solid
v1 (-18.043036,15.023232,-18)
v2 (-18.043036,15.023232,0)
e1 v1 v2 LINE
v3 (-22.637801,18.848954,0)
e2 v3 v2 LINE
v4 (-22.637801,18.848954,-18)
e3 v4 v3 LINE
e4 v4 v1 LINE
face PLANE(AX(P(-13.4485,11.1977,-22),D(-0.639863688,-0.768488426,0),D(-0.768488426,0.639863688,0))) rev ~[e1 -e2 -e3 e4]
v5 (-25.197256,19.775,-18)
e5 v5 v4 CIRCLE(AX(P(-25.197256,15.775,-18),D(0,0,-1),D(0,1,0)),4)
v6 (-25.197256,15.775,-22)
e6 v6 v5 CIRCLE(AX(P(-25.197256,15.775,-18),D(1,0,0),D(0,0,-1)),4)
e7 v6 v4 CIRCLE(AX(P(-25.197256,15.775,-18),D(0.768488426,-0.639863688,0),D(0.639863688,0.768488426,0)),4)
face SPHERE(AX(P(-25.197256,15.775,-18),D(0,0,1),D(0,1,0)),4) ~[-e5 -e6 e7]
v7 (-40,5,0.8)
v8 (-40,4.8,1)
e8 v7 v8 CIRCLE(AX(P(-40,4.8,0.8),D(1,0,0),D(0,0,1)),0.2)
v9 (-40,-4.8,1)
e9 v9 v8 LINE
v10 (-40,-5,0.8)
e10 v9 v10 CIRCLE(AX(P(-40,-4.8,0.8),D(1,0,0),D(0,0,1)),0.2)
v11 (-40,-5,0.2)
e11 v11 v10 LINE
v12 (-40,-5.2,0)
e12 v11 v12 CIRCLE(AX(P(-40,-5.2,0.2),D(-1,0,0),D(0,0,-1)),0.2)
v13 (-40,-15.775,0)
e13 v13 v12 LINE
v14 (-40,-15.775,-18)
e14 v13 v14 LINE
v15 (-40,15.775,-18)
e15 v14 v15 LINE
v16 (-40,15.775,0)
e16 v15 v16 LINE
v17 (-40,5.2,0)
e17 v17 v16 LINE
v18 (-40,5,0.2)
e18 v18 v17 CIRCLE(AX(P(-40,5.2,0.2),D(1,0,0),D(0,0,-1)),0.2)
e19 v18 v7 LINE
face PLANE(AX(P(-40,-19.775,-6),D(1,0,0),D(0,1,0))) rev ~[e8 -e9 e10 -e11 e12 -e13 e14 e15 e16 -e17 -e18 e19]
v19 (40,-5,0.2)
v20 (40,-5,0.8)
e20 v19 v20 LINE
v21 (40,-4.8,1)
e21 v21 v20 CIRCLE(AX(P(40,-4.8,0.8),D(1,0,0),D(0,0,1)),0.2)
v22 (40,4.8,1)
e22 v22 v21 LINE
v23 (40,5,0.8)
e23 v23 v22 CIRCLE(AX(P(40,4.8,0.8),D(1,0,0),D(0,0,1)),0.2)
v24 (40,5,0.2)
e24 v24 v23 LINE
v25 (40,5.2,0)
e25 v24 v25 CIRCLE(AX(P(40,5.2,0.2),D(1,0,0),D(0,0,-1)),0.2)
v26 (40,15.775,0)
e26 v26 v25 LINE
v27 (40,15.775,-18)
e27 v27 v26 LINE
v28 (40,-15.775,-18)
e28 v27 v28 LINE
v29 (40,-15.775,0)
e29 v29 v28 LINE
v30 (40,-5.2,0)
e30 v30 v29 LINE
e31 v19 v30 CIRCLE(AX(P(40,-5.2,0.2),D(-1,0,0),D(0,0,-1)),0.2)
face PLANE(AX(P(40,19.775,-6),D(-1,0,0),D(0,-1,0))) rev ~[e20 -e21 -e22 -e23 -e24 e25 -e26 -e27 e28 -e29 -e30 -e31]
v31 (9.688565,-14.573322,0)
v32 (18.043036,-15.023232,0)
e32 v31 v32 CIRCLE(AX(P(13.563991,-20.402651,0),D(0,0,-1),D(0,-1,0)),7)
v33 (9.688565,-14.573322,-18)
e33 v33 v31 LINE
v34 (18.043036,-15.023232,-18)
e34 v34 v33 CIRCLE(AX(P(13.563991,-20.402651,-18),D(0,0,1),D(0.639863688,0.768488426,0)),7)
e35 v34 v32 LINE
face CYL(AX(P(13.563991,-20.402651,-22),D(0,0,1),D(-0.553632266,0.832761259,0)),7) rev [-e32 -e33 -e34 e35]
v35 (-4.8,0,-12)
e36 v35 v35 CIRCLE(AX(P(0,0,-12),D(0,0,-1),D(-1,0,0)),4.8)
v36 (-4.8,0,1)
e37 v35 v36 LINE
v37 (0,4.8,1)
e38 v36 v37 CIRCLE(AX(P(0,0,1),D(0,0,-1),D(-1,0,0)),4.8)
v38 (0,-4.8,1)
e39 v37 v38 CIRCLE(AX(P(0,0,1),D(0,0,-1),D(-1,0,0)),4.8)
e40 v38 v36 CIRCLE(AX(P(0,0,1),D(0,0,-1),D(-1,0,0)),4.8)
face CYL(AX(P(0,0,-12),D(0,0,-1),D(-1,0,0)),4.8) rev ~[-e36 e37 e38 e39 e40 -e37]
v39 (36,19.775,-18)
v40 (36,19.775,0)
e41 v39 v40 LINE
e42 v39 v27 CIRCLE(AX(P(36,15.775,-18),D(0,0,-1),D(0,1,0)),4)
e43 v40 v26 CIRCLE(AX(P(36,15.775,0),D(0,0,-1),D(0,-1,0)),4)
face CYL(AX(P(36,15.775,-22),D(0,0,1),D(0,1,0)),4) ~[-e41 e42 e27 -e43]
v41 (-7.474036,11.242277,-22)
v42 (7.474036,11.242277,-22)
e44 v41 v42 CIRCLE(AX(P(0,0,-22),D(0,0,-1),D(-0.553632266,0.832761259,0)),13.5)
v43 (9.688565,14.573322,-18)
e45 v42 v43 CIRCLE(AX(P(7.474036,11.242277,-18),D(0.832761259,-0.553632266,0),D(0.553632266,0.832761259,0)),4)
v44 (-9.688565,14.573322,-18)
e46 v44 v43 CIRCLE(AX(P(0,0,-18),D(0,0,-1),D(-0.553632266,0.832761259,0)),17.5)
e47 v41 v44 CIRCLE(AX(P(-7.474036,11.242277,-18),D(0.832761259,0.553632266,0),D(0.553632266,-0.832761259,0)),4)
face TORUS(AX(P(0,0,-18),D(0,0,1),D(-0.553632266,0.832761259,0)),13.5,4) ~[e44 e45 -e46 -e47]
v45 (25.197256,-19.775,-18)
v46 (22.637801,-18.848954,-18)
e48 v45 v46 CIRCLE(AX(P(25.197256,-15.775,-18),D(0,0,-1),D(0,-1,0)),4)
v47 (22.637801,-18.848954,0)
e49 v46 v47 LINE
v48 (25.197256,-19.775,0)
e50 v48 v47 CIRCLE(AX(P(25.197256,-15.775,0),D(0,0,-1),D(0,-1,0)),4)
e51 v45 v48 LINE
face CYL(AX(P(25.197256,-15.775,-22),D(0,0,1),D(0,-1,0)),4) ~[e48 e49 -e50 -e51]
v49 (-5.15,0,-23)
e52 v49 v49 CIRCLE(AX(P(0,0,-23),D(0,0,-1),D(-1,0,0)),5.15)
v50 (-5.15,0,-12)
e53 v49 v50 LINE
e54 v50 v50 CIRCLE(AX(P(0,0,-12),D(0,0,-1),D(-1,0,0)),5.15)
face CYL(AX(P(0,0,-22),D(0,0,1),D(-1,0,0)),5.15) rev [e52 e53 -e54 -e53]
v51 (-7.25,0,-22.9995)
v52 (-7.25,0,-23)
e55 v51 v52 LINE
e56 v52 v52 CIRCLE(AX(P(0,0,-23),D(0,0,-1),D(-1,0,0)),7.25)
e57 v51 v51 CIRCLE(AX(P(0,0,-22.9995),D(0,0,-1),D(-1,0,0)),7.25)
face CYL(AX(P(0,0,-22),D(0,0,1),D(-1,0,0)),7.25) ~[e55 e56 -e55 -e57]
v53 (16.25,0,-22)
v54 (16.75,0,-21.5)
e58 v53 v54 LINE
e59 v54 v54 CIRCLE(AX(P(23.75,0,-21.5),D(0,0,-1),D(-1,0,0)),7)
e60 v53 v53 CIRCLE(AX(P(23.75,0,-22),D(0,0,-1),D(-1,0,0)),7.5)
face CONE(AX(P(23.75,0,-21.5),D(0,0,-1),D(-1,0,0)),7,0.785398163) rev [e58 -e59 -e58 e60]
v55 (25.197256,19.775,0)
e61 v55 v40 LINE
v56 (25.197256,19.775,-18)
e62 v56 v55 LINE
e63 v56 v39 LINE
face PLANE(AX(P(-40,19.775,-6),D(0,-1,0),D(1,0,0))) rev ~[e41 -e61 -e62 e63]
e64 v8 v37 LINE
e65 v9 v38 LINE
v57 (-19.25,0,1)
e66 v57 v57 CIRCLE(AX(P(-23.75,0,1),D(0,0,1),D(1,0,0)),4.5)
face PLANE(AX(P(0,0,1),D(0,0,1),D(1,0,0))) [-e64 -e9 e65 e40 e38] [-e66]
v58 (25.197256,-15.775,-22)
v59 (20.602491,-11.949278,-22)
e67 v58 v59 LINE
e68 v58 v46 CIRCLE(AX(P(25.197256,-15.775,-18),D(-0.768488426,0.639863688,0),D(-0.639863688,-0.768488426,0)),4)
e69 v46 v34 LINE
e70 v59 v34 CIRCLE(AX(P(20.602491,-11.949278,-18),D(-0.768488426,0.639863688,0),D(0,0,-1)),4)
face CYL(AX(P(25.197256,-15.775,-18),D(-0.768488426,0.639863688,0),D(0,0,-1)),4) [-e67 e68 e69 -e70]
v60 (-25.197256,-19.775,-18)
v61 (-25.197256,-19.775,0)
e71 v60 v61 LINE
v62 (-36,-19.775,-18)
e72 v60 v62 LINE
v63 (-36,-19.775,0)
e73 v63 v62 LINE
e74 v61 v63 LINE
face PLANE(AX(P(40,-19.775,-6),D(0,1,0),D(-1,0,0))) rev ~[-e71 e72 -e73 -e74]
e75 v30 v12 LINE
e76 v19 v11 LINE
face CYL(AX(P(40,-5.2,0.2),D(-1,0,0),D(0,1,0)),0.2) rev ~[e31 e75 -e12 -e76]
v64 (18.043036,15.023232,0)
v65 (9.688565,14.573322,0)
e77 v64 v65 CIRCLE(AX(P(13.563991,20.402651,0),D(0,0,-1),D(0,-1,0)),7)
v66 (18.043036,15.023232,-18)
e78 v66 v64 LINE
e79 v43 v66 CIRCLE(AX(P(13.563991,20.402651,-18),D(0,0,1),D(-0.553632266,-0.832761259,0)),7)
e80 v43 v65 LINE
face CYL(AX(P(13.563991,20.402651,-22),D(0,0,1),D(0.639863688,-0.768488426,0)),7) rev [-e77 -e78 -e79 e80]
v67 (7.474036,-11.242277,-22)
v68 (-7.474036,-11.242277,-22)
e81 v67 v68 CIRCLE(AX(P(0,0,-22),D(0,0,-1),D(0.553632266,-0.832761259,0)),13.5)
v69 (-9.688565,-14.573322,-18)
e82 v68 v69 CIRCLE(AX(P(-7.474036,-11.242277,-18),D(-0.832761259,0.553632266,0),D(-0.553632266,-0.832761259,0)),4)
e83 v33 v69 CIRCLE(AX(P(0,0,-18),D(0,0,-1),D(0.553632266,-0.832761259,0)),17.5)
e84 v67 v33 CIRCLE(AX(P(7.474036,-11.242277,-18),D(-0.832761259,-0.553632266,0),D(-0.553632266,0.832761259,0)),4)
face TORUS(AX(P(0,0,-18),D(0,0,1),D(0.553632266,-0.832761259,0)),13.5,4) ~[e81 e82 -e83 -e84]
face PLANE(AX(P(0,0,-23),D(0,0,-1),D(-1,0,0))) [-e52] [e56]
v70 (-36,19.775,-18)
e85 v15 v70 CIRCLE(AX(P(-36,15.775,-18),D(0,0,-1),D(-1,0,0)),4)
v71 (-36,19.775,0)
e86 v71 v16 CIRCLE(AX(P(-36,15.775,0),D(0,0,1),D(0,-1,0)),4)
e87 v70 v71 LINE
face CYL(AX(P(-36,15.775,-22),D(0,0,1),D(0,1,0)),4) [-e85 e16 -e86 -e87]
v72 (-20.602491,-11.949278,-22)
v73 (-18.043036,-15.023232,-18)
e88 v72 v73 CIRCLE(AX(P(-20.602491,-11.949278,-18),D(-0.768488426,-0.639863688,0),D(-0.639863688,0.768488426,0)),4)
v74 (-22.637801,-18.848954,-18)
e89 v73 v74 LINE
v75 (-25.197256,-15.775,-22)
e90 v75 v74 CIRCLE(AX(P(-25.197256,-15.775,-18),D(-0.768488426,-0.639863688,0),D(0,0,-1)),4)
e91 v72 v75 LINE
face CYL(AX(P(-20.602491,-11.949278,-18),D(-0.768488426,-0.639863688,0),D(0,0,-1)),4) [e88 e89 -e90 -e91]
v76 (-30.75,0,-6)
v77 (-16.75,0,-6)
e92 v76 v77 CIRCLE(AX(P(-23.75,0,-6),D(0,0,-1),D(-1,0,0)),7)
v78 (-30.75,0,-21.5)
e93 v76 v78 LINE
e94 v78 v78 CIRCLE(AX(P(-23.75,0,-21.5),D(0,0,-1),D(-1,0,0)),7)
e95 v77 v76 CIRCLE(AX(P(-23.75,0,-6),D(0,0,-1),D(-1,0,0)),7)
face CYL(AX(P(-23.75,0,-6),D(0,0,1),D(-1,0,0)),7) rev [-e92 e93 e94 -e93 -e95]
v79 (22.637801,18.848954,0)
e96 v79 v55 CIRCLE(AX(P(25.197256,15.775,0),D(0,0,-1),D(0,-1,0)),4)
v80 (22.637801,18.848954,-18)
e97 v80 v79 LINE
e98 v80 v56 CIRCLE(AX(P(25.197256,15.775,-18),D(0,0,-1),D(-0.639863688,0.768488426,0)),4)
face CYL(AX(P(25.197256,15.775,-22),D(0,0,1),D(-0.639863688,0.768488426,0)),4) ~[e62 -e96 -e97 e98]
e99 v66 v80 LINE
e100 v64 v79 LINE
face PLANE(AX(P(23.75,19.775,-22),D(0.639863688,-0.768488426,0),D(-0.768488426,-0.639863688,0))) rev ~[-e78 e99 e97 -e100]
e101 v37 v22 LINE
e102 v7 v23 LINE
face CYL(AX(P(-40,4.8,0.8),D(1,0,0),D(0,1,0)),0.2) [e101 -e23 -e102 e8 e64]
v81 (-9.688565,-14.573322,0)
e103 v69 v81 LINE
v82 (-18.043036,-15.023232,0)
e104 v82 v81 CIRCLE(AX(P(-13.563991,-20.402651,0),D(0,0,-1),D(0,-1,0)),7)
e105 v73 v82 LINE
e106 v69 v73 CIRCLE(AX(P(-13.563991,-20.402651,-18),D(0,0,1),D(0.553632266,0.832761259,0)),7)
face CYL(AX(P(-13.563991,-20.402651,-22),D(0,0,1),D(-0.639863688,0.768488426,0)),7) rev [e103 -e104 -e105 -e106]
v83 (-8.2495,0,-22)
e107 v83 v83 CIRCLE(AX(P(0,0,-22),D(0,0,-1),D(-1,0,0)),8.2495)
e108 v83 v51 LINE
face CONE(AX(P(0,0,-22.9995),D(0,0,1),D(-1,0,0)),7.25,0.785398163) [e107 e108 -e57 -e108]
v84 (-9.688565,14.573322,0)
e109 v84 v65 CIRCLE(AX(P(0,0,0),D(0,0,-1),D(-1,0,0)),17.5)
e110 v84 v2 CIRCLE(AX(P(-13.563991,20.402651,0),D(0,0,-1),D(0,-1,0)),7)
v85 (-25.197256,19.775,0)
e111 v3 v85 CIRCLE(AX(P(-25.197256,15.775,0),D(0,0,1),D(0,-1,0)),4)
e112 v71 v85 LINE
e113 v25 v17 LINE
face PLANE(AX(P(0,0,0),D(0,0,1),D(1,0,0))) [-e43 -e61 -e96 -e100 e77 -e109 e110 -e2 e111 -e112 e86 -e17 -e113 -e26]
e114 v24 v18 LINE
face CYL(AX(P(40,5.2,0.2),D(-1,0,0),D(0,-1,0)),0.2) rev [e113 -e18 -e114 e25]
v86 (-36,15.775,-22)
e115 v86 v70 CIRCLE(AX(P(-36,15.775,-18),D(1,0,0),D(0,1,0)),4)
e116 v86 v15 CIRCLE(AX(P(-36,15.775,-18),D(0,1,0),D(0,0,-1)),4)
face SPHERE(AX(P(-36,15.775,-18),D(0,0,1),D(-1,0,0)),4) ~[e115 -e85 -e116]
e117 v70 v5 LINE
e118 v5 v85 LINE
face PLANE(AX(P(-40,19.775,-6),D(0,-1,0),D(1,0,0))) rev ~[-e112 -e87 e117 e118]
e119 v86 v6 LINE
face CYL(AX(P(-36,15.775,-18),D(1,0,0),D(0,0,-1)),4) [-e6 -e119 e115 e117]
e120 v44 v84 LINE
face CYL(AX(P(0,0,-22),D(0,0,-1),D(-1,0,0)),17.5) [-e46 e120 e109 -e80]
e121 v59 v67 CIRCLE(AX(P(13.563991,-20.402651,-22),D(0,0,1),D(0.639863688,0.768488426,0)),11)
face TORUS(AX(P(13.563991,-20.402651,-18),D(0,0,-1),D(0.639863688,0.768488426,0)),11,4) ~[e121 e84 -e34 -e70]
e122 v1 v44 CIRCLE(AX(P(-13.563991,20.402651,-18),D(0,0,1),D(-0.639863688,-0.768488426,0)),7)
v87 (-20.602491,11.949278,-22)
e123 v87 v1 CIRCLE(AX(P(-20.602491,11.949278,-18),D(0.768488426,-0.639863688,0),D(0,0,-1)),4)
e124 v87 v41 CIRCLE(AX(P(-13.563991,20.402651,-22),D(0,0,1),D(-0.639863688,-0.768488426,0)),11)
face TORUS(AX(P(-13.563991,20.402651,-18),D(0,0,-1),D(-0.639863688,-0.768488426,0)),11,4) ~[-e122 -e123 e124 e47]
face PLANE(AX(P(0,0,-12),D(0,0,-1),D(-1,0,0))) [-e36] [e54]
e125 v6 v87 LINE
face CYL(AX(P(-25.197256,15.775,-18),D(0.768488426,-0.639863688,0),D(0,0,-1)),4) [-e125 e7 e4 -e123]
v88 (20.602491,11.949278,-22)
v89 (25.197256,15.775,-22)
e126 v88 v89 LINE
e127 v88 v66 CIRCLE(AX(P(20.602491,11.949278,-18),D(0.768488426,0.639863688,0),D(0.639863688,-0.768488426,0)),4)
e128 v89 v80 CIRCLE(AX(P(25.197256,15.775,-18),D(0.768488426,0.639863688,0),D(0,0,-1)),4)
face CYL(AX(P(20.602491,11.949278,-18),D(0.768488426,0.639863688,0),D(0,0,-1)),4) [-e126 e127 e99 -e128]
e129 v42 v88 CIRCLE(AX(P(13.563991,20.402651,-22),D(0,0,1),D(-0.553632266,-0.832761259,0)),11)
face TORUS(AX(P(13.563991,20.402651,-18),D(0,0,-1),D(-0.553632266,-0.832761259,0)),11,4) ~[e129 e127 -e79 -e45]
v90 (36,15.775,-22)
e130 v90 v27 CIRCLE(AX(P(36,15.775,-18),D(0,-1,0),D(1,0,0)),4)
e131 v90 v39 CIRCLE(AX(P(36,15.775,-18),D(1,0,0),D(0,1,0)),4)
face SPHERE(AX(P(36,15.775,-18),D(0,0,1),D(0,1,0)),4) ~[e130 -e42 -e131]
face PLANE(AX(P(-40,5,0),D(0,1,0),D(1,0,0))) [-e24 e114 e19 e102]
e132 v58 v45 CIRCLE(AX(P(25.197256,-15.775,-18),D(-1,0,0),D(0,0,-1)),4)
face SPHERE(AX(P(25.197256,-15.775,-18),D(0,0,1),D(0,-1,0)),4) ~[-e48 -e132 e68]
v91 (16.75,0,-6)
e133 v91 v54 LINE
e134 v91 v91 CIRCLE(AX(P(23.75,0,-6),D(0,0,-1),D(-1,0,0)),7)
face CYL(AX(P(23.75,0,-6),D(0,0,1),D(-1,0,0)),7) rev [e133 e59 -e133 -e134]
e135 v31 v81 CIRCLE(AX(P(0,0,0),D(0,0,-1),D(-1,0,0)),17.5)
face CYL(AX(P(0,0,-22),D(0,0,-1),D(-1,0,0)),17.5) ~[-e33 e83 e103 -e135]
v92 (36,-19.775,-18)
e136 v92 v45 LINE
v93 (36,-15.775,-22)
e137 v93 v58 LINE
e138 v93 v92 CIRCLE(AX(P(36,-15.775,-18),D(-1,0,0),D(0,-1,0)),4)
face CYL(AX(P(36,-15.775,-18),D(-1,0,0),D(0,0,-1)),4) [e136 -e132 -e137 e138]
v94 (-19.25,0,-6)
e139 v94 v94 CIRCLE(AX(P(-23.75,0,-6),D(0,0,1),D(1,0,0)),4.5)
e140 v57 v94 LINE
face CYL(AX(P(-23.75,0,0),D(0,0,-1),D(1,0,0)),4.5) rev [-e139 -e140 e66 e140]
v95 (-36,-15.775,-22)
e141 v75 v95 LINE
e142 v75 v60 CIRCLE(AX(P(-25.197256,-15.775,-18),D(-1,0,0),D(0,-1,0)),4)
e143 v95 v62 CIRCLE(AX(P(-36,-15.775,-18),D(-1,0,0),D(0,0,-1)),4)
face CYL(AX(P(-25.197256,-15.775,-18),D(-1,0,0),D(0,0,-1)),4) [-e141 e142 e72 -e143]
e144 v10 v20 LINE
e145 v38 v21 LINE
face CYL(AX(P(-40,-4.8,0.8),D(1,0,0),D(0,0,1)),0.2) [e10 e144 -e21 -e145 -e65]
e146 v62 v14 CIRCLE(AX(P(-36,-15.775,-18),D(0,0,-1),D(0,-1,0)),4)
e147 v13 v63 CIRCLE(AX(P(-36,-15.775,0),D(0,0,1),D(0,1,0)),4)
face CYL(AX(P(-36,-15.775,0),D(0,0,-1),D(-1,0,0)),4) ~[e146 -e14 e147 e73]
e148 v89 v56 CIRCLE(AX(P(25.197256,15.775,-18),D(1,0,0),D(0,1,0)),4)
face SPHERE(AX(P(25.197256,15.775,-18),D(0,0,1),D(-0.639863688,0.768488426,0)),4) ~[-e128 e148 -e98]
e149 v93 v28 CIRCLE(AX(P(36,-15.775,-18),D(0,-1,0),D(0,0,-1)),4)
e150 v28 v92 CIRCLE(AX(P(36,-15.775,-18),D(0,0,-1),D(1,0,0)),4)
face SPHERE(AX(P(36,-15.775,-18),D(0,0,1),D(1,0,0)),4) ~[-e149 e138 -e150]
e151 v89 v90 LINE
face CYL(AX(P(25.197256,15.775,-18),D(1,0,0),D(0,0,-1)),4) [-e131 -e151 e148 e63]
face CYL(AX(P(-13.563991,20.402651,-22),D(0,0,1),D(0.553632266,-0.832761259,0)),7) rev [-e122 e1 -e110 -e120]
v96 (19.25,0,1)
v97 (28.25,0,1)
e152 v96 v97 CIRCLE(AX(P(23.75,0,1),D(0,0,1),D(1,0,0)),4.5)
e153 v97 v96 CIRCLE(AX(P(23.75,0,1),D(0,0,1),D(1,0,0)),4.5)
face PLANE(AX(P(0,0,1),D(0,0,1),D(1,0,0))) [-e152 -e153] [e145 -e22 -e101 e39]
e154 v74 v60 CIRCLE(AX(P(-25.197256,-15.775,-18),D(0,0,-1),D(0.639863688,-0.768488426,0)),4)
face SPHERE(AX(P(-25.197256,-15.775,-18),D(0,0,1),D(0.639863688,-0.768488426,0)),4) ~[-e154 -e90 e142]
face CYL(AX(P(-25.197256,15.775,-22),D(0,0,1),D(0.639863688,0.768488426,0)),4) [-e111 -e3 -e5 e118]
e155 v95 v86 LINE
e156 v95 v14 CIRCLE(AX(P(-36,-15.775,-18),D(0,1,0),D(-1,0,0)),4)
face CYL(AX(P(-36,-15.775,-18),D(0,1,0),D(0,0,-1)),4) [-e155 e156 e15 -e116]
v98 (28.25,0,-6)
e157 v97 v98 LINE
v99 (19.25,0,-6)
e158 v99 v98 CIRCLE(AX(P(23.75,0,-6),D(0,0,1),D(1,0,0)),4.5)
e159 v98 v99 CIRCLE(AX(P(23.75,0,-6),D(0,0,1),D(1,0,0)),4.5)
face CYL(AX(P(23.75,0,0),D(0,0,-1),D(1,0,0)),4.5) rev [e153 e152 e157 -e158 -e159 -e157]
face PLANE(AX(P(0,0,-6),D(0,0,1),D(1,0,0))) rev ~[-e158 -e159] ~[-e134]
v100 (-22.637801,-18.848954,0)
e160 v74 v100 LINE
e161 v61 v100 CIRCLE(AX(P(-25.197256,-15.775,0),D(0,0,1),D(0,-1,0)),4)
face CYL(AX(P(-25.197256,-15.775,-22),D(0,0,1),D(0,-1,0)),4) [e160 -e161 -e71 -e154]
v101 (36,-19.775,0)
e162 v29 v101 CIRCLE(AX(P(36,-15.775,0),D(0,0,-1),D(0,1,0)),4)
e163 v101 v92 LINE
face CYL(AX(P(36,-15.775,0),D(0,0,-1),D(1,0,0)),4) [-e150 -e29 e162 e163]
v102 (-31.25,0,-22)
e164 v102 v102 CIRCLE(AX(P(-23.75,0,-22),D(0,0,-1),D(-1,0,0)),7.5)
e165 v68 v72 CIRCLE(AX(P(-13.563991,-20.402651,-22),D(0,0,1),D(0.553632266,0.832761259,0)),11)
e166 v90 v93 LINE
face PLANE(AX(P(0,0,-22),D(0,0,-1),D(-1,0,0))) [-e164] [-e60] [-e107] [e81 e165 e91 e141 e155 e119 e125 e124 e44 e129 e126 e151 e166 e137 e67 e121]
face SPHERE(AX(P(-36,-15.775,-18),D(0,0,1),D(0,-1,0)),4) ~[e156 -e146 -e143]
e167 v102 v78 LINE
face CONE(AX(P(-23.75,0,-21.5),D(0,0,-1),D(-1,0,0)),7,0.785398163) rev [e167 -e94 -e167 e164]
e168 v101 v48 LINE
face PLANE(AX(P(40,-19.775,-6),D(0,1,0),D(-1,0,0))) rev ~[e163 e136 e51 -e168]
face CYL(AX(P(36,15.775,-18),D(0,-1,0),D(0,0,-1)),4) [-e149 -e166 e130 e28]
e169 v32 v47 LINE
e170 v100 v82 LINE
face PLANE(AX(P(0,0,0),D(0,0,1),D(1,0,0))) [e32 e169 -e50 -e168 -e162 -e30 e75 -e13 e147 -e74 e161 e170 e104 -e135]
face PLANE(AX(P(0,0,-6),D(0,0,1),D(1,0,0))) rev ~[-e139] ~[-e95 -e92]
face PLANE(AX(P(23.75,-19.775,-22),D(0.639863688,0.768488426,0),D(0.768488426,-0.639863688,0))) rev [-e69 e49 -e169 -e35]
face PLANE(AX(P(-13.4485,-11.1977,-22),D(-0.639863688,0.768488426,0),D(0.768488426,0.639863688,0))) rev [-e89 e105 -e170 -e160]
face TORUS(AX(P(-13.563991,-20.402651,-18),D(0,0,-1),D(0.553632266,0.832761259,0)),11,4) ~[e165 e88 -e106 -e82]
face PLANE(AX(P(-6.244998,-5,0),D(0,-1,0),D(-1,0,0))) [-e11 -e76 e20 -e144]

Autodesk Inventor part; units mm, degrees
ref_plane "YZ Plane" through (0, 0, 0) normal (1, 0, 0) x (0, 1, 0)
ref_plane "XZ Plane" through (0, 0, 0) normal (0, 1, 0) x (-1, 0, 0)
ref_plane "XY Plane" through (0, 0, 0) normal (0, 0, 1) x (1, 0, 0)
sketch "Sketch1" plane through (0, 0, 0) normal (0, 0, 1) x (1, 0, 0)
  line L0 (-40, 19.775) -> (40, 19.775)
  line L1 (40, 19.775) -> (40, -19.775)
  line L2 (40, -19.775) -> (-40, -19.775)
  line L3 (-40, -19.775) -> (-40, 19.775)
  line L4 (-40, 19.775) -> (40, -19.775) construction
  line L5 (40, 19.775) -> (-40, -19.775) construction
  line L6 (40, -5) -> (-40, -5)
  line L7 (-40, -5) -> (-40, 5)
  line L8 (-40, 5) -> (40, 5)
  line L9 (40, 5) -> (40, -5)
  line L10 (40, -5) -> (-40, 5) construction
  line L11 (-40, -5) -> (40, 5) construction
  line L12 (23.75, 0) -> (-23.75, 0)
  circle A0 centre (-23.75, 0) radius 4.5
  circle A1 centre (23.75, 0) radius 4.5
  circle A2 centre (0, 0) radius 8
  point P0 (40, 5)
  point P1 (-40, -5)
  point P2 (40, -5)
  point P3 (-6.245, -5)
  point P4 (6.245, -5)
  point P5 (6.245, 5)
  point P6 (-6.245, 5)
  dimension "d0" = 80
  dimension "d1" = 39.55
  dimension "d3" = 10
  dimension "d9" = 80
  dimension "d10" = 47.5
  dimension "d11" = 9
  dimension "d12" = 9
  dimension "d15" = 16
  dimension "d42" = 19.775
  dimension "d43" = 0
extrude "Extrusion1" add sketch "Sketch1" along normal blind 1 contours L8 A2 L6 L3 | L1 L6 A2 L8 | L8 A2 L12 | A2 L12 L6
extrude "Extrusion2" add sketch "Sketch1" against normal blind 6
fillet "Fillet1" radius 0.2 4 edges at (0, 5, 0) (0, 5, 1) (0, -5, 1) (0, -5, 0)
sketch "Sketch2" plane through (0, 0, -6) normal (0, 0, -1) x (-1, 0, 0)
  circle A0 centre (23.75, 0) radius 4.5 projected
  circle A1 centre (-23.75, 0) radius 4.5 projected
  circle A2 centre (23.75, 0) radius 7
  circle A3 centre (-23.75, 0) radius 7
  line L0 (-40, -19.775) -> (40, -19.775) projected
  line L1 (-40, 19.775) -> (-40, -19.775) projected
  line L2 (40, 19.775) -> (-40, 19.775) projected
  line L3 (40, -19.775) -> (40, 19.775) projected
  point P0 (0, 0)
  dimension "d16" = 14
  dimension "d17" = 14
extrude "Extrusion3" add sketch "Sketch2" along normal blind 16 contours L1 L2 L3 L0
sketch "Sketch3" plane through (0, 0, -22) normal (0, 0, -1) x (-1, 0, 0)
  circle A0 centre (0, 0) radius 5.15
  dimension "d21" = 10.3
extrude "Extrusion4" cut sketch "Sketch3" against normal blind 10
sketch "Sketch4" plane through (0, 0, -22) normal (0, 0, -1) x (-1, 0, 0)
  circle A0 centre (0, 0) radius 5.15 projected
  circle A1 centre (0, 0) radius 7.25
  dimension "d24" = 14.5
extrude "Extrusion5" add sketch "Sketch4" along normal blind 1
chamfer "Chamfer1" distance 1 distance2 1 1 edges at (7.25, 0, -22) measured on face at (-0.2913, -15.5824, -22)
sketch "Sketch5" plane through (0, 0, -12) normal (0, 0, -1) x (-1, 0, 0)
  circle A0 centre (0, 0) radius 4.8
  dimension "d30" = 9.6
extrude "Extrusion6" cut sketch "Sketch5" against normal blind 20
sketch "Sketch6" plane through (0, 0, -22) normal (0, 0, -1) x (-1, 0, 0)
  circle A0 centre (0, 0) radius 17.5
  circle A1 centre (23.75, 0) radius 7 projected
  circle A2 centre (-23.75, 0) radius 7 projected
  line L0 (40, -19.775) -> (40, 19.775) projected
  line L1 (40, 19.775) -> (-40, 19.775) projected
  line L2 (-40, 19.775) -> (-40, -19.775) projected
  line L3 (-40, -19.775) -> (40, -19.775) projected
  circle A3 centre (0, 0) radius 8.25 projected
  line L4 (-23.75, 0) -> (-23.75, 19.775)
  line L5 (13.4485, 11.1977) -> (23.75, 19.775)
  line L6 (-40, 19.775) -> (40, 19.775) projected
  line L7 (-23.75, 19.775) -> (-13.4485, 11.1977)
  dimension "d33" = 35
extrude "Extrusion7" cut sketch "Sketch6" against normal through all contours A0 L7 L1 L5
mirror "Mirror1" about plane through (0, 0, 0) normal (0, 1, 0) of "Extrusion7"
fillet "Fillet3" radius 7 4 edges at (13.4485, 11.1977, -11) (-13.4485, 11.1977, -11) (13.4485, -11.1977, -11) (-13.4485, -11.1977, -11)
fillet "Fillet4" radius 4 8 edges at (23.75, -19.775, -11) (40, -19.775, -11) (40, 19.775, -11) (23.75, 19.775, -11) (-23.75, 19.775, -11) (-40, 19.775, -11) (-40, -19.775, -11) (-23.75, -19.775, -11)
fillet "Fillet5" radius 4 24 edges at (38.8284, 18.6034, -22) (40, 0, -22) (38.8284, -18.6034, -22) (30.5986, -19.775, -22) (23.8363, -19.5364, -22) (20.3404, -16.9361, -22) (13.9404, -13.4128, -22) (0, -17.5, -22) (-13.9404, -13.4128, -22) (-20.3404, -16.9361, -22) (-23.8363, -19.5364, -22) (-30.5986, -19.775, -22) (-38.8284, -18.6034, -22) (-40, 0, -22) (-38.8284, 18.6034, -22) (-30.5986, 19.775, -22) (-23.8363, 19.5364, -22) (-20.3404, 16.9361, -22) (-13.9404, 13.4128, -22) (0, 17.5, -22) (13.9404, 13.4128, -22) (20.3404, 16.9361, -22) (23.8363, 19.5364, -22) (30.5986, 19.775, -22)
chamfer "Chamfer2" distance 0.5 angle 45 2 edges at (-16.75, 0, -22) (30.75, 0, -22)
equation "\"d9\" = d0"
properties part number "Base_Mount_Pedals"
